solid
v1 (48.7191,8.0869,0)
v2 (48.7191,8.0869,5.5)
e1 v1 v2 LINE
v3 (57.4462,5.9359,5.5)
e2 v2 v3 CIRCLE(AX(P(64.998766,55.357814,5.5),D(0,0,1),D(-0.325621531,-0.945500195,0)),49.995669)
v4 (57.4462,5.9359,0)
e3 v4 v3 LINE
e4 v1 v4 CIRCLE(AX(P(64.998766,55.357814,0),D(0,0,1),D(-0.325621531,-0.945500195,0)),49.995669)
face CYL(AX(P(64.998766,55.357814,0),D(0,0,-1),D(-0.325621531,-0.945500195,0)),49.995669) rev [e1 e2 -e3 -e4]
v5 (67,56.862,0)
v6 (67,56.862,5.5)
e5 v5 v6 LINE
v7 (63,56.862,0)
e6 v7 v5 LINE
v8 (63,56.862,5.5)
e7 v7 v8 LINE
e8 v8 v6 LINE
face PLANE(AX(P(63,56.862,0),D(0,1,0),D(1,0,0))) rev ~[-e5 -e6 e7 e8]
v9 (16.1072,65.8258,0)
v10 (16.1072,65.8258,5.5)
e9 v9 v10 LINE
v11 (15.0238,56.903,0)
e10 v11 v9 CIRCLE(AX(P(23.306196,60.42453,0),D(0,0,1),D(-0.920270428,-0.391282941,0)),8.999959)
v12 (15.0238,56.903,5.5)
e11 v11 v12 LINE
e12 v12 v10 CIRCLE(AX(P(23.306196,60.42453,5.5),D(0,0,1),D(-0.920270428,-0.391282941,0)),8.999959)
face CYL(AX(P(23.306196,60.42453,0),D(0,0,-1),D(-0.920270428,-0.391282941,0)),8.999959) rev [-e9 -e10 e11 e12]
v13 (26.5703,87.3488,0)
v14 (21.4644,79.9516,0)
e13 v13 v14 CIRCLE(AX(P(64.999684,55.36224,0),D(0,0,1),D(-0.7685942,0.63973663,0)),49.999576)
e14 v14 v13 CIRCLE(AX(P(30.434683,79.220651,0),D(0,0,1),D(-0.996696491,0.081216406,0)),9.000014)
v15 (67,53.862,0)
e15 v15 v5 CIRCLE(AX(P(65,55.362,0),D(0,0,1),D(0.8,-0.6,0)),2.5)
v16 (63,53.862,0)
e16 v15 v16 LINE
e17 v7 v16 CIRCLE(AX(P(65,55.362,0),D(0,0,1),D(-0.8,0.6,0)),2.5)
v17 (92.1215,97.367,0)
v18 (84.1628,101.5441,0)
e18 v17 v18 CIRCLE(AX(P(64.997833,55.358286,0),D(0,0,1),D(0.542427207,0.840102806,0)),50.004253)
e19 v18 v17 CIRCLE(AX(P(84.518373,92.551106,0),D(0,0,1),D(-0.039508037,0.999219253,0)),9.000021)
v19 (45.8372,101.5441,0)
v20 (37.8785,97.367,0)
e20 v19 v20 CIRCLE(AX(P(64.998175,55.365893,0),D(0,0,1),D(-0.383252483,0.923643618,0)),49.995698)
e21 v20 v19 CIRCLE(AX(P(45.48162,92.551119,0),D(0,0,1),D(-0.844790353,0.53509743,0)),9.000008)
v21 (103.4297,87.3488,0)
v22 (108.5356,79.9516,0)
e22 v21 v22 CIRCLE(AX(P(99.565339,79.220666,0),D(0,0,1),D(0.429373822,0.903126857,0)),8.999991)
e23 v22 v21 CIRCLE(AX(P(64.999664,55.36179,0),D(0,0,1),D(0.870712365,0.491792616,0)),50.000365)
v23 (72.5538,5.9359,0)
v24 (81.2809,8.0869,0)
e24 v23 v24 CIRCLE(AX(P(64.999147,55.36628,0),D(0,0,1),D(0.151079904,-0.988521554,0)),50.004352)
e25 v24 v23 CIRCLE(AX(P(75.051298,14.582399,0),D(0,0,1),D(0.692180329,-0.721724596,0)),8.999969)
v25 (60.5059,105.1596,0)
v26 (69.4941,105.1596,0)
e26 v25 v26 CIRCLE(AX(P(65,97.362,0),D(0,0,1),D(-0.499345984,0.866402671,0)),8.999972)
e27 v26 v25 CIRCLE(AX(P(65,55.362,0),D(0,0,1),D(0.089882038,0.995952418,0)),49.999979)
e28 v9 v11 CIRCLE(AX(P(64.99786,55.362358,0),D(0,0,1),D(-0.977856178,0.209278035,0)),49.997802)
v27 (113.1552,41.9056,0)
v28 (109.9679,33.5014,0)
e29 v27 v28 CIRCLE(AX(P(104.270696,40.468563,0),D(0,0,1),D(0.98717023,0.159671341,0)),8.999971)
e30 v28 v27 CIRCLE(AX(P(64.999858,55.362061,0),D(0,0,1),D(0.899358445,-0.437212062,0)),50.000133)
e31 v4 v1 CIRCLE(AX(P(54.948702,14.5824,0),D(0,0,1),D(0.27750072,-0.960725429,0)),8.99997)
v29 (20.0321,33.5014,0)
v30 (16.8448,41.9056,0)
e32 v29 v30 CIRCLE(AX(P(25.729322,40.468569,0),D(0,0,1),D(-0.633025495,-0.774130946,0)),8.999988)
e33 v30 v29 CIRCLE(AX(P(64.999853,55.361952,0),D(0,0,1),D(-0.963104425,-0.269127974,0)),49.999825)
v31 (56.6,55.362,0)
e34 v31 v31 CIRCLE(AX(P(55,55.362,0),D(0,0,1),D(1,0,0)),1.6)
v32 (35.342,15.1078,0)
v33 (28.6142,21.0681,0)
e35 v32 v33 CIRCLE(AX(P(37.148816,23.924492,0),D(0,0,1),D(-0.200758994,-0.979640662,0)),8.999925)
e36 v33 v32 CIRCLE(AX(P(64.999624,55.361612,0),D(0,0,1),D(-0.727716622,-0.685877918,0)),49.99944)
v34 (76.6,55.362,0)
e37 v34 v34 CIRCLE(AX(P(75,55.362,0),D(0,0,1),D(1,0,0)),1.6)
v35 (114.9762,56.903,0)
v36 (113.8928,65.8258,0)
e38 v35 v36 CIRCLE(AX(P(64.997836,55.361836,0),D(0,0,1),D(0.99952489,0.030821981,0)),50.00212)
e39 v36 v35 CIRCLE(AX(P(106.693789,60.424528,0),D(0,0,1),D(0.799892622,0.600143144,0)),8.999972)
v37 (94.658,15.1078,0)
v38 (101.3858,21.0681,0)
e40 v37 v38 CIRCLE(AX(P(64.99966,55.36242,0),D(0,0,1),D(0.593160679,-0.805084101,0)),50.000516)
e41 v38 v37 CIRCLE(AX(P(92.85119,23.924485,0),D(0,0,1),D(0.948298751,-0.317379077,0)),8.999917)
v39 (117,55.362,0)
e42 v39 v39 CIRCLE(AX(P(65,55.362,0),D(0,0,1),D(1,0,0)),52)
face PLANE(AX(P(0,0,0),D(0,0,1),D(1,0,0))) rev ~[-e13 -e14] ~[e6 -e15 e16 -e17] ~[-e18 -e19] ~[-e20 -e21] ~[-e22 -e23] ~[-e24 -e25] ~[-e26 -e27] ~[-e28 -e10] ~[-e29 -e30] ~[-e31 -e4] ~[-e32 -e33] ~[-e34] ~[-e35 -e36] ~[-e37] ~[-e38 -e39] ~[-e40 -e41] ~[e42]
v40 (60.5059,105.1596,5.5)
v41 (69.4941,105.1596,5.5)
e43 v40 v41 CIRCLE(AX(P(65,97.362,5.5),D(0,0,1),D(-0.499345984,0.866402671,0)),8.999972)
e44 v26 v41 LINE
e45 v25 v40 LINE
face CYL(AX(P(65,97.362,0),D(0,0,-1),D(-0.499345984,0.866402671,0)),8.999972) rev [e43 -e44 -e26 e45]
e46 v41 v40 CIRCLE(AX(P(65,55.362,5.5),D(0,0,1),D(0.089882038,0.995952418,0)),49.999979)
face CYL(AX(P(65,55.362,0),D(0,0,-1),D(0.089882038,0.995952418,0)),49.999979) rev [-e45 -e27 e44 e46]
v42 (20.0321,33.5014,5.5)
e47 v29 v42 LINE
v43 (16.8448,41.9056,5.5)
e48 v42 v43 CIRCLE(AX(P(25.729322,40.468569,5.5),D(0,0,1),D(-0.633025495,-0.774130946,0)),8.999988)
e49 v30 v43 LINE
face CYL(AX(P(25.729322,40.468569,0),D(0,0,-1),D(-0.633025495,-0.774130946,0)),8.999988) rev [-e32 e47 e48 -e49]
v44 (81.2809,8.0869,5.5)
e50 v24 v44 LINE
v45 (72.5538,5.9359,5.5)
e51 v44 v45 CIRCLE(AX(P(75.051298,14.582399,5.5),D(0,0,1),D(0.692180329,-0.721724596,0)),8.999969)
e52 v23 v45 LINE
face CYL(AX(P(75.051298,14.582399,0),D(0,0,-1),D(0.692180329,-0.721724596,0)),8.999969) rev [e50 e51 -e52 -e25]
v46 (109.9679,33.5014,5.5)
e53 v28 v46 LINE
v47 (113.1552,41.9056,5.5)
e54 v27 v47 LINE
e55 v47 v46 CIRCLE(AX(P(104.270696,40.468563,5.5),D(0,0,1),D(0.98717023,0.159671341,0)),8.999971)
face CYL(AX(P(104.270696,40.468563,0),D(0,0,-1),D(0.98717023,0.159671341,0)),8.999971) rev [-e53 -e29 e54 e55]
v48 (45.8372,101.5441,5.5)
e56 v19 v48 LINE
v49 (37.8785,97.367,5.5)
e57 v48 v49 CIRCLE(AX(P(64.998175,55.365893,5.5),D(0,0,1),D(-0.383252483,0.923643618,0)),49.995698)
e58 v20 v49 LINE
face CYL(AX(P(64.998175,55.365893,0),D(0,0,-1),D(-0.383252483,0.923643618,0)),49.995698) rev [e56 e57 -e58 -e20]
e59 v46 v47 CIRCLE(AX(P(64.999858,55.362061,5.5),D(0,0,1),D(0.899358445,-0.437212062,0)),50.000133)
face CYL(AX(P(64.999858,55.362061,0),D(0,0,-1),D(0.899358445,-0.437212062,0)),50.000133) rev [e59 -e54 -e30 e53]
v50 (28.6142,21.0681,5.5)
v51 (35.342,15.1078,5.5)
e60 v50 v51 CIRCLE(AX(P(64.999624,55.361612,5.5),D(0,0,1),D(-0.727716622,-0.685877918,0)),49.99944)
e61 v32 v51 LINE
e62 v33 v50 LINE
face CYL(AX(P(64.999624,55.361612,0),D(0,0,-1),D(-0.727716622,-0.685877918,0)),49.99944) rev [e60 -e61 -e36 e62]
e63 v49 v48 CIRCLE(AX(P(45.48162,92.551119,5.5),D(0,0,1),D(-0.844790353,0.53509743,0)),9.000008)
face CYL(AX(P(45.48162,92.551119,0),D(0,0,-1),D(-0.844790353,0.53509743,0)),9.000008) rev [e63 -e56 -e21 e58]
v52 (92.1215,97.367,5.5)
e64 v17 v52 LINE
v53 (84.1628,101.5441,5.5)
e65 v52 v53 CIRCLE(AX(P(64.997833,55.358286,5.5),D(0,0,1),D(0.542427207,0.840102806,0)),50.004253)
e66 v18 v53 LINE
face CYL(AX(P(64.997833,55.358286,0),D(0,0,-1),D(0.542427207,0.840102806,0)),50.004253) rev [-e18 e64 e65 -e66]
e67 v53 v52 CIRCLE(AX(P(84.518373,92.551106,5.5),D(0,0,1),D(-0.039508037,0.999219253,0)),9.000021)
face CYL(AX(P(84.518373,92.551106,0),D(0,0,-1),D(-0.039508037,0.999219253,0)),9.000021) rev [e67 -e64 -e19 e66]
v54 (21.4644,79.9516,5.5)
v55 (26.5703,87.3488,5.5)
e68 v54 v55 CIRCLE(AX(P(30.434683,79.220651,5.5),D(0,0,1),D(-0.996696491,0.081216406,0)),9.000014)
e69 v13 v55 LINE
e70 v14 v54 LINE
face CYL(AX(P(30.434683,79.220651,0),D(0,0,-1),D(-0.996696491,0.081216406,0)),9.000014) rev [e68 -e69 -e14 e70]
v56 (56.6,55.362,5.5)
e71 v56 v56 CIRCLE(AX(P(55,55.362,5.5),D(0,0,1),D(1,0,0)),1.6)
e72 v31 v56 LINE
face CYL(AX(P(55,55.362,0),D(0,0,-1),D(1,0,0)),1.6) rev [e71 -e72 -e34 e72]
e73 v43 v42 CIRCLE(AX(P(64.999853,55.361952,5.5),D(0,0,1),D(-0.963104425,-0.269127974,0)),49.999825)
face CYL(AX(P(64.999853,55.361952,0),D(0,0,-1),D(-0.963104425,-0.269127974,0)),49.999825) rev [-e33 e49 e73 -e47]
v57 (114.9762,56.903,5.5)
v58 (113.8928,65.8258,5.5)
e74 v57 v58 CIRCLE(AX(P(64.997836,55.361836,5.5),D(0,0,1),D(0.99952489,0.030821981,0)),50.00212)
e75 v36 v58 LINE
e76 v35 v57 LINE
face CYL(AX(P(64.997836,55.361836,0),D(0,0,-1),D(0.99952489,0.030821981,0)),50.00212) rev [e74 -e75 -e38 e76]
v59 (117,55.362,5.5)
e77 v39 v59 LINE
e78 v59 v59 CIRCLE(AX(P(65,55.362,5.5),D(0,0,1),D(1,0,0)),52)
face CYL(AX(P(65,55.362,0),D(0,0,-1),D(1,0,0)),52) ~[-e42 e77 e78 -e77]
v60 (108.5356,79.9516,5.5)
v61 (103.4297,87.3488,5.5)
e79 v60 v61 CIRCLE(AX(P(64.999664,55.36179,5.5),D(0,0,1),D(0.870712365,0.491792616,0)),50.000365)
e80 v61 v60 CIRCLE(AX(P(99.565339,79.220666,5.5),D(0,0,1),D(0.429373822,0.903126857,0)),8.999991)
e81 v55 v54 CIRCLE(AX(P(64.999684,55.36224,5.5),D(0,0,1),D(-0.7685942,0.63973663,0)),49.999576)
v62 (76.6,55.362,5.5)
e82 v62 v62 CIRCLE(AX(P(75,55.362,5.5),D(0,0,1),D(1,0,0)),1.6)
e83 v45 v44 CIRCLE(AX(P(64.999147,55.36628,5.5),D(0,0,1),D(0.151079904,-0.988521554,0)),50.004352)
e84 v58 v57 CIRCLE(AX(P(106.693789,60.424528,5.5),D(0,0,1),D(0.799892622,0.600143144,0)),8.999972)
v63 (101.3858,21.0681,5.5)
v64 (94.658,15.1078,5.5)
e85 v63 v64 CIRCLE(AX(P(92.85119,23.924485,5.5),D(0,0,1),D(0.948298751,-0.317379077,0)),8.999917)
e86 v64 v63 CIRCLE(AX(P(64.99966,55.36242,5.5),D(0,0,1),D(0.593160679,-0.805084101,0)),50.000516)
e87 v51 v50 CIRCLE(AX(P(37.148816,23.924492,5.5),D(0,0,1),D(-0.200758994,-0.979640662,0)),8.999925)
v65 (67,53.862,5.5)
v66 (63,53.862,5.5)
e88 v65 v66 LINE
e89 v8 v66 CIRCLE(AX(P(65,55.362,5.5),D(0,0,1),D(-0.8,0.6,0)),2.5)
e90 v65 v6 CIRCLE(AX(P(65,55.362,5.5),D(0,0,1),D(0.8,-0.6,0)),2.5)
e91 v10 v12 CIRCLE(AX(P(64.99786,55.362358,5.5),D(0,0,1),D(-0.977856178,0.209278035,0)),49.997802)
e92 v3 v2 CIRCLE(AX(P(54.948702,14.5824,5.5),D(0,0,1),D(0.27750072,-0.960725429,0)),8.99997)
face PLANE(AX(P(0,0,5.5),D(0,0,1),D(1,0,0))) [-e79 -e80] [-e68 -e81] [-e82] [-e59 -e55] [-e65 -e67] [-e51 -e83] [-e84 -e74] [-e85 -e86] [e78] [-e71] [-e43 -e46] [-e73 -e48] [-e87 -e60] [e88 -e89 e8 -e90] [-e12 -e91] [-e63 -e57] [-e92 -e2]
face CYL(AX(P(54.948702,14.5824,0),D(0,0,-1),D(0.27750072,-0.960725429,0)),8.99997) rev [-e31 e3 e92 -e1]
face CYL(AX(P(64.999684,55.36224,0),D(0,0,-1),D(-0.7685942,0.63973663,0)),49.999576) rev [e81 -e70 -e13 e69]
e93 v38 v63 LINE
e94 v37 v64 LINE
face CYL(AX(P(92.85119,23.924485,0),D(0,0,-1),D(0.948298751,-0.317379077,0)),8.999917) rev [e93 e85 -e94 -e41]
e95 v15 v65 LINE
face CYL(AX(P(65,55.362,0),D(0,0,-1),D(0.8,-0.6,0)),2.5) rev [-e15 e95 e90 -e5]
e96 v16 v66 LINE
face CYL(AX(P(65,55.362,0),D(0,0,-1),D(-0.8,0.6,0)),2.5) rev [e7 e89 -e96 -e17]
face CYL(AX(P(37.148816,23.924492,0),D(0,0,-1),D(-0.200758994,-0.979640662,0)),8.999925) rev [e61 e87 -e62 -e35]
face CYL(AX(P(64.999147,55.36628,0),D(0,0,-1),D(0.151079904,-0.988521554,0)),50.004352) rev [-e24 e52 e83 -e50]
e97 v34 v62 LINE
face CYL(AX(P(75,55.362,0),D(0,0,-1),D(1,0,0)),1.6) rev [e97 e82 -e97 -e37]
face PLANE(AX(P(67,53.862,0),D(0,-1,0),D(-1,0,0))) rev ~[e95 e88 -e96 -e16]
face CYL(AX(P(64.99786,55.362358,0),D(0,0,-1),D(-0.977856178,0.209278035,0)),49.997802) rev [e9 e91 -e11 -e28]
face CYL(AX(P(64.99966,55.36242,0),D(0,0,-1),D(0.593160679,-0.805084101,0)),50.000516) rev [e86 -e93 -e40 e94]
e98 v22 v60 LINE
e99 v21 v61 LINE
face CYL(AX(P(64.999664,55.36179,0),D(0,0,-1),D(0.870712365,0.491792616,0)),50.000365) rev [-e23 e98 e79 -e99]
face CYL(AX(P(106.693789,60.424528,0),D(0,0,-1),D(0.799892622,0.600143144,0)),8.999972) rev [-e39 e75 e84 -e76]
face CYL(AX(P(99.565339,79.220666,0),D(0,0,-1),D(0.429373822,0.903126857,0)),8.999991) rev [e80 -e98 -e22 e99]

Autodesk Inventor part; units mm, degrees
ref_plane "YZ Plane" through (0, 0, 0) normal (1, 0, 0) x (0, 1, 0)
ref_plane "XZ Plane" through (0, 0, 0) normal (0, 1, 0) x (-1, 0, 0)
ref_plane "XY Plane" through (0, 0, 0) normal (0, 0, 1) x (1, 0, 0)
sketch "スケッチ1" plane through (0, 0, 0) normal (0, 0, 1) x (1, 0, 0)
  circle A0 centre (65, 55.362) radius 52
  circle A1 centre (65, 55.362) radius 52
  arc A2 (60.5059, 105.1596) -> (69.4941, 105.1596) centre (65, 97.362) ccw
  arc A3 (37.8785, 97.367) -> (45.8372, 101.5441) centre (45.4816, 92.5511) ccw
  arc A4 (21.4644, 79.9516) -> (26.5703, 87.3488) centre (30.4347, 79.2207) ccw
  arc A5 (15.0238, 56.903) -> (16.1072, 65.8258) centre (23.3062, 60.4245) ccw
  arc A6 (20.0321, 33.5014) -> (16.8448, 41.9056) centre (25.7293, 40.4686) ccw
  arc A7 (35.342, 15.1078) -> (28.6142, 21.0681) centre (37.1488, 23.9245) ccw
  arc A8 (57.4462, 5.9359) -> (48.7191, 8.0869) centre (54.9487, 14.5824) ccw
  arc A9 (81.2809, 8.0869) -> (72.5538, 5.9359) centre (75.0513, 14.5824) ccw
  arc A10 (101.3858, 21.0681) -> (94.658, 15.1078) centre (92.8512, 23.9245) ccw
  arc A11 (113.1552, 41.9056) -> (109.9679, 33.5014) centre (104.2707, 40.4686) ccw
  arc A12 (113.8928, 65.8258) -> (114.9762, 56.903) centre (106.6938, 60.4245) ccw
  arc A13 (103.4297, 87.3488) -> (108.5356, 79.9516) centre (99.5653, 79.2207) ccw
  arc A14 (84.1628, 101.5441) -> (92.1215, 97.367) centre (84.5184, 92.5511) ccw
  arc A15 (45.8372, 101.5441) -> (37.8785, 97.367) centre (65, 55.362) ccw
  arc A16 (69.4941, 105.1596) -> (60.5059, 105.1596) centre (65, 55.362) ccw
  arc A17 (92.1215, 97.367) -> (84.1628, 101.5441) centre (65, 55.362) ccw
  arc A18 (108.5356, 79.9516) -> (103.4297, 87.3488) centre (65, 55.362) ccw
  arc A19 (114.9762, 56.903) -> (113.8928, 65.8258) centre (65, 55.362) ccw
  arc A20 (109.9679, 33.5014) -> (113.1552, 41.9056) centre (65, 55.362) ccw
  arc A21 (94.658, 15.1078) -> (101.3858, 21.0681) centre (65, 55.362) ccw
  arc A22 (72.5538, 5.9359) -> (81.2809, 8.0869) centre (65, 55.362) ccw
  arc A23 (48.7191, 8.0869) -> (57.4462, 5.9359) centre (65, 55.362) ccw
  arc A24 (28.6142, 21.0681) -> (35.342, 15.1078) centre (65, 55.362) ccw
  arc A25 (16.8448, 41.9056) -> (20.0321, 33.5014) centre (65, 55.362) ccw
  arc A26 (26.5703, 87.3488) -> (21.4644, 79.9516) centre (65, 55.362) ccw
  arc A27 (16.1072, 65.8258) -> (15.0238, 56.903) centre (65, 55.362) ccw
  line L0 (63, 56.862) -> (67, 56.862)
  line L1 (67, 53.862) -> (63, 53.862)
  arc A28 (67, 53.862) -> (67, 56.862) centre (65, 55.362) ccw
  arc A29 (63, 56.862) -> (63, 53.862) centre (65, 55.362) ccw
  circle A30 centre (55, 55.362) radius 1.6
  circle A31 centre (75, 55.362) radius 1.6
  point P0 (0, 0)
  dimension "d6" = 3.2
  dimension "d7" = 3.2
extrude "押し出し2" add sketch "スケッチ1" along normal blind 5.5
properties part number "レスキューキット投下機構" material "MDF 中密度繊維ボード"
